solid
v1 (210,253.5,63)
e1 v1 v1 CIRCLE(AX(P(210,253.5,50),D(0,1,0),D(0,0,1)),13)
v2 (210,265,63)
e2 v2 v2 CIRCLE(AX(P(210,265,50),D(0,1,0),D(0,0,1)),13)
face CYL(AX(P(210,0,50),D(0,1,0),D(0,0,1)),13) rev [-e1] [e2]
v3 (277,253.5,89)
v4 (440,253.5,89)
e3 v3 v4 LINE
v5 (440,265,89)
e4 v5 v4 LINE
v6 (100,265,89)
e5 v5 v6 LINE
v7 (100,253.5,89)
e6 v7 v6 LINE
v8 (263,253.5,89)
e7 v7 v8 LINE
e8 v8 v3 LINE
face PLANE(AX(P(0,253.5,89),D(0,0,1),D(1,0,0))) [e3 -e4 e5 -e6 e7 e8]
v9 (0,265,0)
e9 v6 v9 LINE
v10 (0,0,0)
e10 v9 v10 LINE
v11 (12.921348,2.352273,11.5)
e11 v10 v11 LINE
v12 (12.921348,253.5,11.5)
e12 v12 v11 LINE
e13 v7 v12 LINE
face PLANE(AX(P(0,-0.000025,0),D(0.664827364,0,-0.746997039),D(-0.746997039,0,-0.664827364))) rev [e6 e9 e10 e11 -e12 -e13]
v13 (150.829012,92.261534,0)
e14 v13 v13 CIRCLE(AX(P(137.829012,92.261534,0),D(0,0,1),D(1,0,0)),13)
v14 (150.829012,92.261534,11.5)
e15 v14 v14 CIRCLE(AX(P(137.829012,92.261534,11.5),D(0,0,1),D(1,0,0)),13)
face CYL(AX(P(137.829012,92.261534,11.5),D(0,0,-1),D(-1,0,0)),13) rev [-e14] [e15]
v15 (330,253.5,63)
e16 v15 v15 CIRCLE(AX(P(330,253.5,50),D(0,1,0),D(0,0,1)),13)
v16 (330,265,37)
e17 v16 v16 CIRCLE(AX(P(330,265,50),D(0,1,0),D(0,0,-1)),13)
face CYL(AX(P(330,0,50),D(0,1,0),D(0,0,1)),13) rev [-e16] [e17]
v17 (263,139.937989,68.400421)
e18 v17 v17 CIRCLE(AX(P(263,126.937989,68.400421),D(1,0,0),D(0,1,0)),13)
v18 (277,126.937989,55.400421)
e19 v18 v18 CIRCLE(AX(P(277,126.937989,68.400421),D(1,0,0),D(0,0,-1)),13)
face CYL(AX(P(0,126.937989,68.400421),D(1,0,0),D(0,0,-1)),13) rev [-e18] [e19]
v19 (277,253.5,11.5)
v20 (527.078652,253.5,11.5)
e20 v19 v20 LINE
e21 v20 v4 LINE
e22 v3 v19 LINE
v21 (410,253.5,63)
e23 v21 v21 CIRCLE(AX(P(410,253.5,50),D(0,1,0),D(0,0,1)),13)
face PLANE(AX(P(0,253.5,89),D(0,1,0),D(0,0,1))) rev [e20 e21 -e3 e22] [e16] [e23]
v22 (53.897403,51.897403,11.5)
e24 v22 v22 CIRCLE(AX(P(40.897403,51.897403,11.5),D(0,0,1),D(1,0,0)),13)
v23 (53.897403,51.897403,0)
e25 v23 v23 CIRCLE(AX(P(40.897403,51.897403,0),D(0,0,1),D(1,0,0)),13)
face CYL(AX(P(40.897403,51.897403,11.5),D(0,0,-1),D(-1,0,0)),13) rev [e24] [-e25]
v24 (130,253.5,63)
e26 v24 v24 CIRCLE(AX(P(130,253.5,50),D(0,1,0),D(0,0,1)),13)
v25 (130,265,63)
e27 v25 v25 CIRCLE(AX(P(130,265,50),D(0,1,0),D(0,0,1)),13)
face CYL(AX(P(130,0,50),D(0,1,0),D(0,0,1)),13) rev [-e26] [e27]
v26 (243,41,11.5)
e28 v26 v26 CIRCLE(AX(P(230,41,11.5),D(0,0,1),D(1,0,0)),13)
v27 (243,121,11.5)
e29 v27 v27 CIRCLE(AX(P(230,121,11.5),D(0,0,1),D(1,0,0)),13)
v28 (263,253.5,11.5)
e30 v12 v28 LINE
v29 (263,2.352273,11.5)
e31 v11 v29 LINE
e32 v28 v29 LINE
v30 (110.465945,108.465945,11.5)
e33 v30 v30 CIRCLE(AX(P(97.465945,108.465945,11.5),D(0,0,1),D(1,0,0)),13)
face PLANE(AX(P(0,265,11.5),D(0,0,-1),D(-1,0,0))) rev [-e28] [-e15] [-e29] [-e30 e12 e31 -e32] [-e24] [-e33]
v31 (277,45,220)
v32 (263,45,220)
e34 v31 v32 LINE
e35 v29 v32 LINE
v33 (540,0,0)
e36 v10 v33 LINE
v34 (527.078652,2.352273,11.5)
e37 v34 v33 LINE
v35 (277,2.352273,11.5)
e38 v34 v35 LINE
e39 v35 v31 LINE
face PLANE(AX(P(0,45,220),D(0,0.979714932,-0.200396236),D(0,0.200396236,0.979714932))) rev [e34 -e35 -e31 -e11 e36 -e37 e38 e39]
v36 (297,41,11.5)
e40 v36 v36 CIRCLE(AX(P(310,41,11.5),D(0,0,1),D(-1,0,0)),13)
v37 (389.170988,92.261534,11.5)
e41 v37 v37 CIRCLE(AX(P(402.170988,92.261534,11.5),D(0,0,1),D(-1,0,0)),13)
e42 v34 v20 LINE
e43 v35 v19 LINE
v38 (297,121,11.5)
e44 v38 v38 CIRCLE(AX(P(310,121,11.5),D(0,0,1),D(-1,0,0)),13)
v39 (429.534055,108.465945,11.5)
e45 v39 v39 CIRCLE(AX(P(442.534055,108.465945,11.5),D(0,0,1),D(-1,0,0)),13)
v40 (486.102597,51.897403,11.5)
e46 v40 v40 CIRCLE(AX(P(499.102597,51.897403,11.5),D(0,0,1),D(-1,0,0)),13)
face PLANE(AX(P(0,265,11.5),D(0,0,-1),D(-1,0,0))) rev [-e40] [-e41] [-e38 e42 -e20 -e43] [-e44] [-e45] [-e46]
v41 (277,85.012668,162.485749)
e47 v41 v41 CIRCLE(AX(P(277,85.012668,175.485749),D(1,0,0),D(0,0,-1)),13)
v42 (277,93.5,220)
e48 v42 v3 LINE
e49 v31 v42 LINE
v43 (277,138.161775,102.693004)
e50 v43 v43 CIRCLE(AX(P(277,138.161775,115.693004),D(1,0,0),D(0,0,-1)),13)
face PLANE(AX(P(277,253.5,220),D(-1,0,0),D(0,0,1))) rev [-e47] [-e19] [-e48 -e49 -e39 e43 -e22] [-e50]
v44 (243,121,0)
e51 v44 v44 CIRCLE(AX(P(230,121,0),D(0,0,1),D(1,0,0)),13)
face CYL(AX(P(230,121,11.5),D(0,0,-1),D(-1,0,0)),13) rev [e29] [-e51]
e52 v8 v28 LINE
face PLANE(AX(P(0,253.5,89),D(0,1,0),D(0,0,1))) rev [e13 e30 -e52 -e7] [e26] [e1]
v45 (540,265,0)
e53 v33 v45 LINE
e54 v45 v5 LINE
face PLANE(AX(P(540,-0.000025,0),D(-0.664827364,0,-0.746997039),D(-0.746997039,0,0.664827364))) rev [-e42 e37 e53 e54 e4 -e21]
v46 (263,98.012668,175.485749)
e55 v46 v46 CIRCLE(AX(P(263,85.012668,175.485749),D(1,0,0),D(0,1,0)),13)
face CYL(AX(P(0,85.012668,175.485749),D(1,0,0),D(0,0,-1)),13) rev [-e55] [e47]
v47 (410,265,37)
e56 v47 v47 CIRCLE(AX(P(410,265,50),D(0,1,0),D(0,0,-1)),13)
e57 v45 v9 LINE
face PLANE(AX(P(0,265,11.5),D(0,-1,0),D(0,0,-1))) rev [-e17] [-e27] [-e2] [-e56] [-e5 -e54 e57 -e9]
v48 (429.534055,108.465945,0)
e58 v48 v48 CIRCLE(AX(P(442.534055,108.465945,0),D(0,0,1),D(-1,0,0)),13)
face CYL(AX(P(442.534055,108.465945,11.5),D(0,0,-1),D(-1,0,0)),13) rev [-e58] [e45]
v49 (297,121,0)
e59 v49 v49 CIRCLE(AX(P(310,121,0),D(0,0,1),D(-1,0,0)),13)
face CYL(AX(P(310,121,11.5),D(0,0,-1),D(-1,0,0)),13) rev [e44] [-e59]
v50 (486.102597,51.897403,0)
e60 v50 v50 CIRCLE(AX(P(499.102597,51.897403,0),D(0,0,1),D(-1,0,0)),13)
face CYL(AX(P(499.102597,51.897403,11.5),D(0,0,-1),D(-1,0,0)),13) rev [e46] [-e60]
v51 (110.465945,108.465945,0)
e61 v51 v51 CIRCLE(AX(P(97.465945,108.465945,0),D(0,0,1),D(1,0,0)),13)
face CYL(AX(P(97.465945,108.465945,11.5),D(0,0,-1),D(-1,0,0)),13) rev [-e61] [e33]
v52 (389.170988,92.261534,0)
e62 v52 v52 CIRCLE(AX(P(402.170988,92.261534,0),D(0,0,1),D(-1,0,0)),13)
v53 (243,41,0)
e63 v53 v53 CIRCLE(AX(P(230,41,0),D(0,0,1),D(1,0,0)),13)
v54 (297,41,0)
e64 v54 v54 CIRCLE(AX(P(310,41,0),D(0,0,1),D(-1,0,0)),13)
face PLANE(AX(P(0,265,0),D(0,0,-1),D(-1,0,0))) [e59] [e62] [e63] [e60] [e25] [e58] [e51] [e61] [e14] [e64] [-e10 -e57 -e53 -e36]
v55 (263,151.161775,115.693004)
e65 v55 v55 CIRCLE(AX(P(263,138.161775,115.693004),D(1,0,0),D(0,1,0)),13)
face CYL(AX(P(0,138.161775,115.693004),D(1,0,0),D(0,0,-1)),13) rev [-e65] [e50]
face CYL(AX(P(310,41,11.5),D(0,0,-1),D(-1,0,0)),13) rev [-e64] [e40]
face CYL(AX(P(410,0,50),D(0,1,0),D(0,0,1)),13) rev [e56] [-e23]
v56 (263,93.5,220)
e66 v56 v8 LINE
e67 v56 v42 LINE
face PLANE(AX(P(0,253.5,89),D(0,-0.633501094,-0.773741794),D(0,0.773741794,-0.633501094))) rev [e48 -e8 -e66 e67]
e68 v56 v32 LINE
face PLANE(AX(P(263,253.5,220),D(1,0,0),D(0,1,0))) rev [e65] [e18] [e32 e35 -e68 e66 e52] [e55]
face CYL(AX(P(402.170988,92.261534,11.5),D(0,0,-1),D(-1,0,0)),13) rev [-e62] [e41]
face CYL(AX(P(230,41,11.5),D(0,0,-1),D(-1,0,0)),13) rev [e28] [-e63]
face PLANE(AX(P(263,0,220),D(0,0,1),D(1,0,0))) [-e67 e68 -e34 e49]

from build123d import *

# Parameters (mm, degrees)
SKETCH_1_W          = 540
SKETCH_1_H          = 265
SKETCH_1_R          = 13
EXTRUDE_548_DEPTH   = 11.5
SKETCH_2_W          = 540
SKETCH_2_H          = 11.5
EXTRUDE_1_DEPTH     = 77.5
CUT_EXTRUDE_1_DEPTH = 609.067430471
SKETCH_4_R          = 13
CUT_EXTRUDE_2_DEPTH = 609.067430471
SKETCH_5_W          = 14
SKETCH_5_H          = 253.5
EXTRUDE_2_DEPTH     = 208.5
SKETCH_6_R          = 13
CUT_EXTRUDE_3_DEPTH = 442.988687638
CUT_EXTRUDE_4_DEPTH = 442.988687638


with BuildPart() as part:
    # 草图1 → Extrude 548 (new body)
    with BuildSketch(Plane.XY):
        with Locations((270, 132.5)):
            Rectangle(SKETCH_1_W, SKETCH_1_H)
        with Locations((97.46594539, 108.46594539)):
            Circle(SKETCH_1_R, mode=Mode.SUBTRACT)
        with Locations((40.897402896, 51.897402896)):
            Circle(SKETCH_1_R, mode=Mode.SUBTRACT)
        with Locations(Location((499.102597104, 51.897402896, 0), (0, 0, 180))):
            Circle(SKETCH_1_R, mode=Mode.SUBTRACT)
        with Locations(Location((402.170987639, 92.261534081, 0), (0, 0, 180))):
            Circle(SKETCH_1_R, mode=Mode.SUBTRACT)
        with Locations((230, 121)):
            Circle(SKETCH_1_R, mode=Mode.SUBTRACT)
        with Locations((230, 41)):
            Circle(SKETCH_1_R, mode=Mode.SUBTRACT)
        with Locations(Location((310, 41, 0), (0, 0, 180))):
            Circle(SKETCH_1_R, mode=Mode.SUBTRACT)
        with Locations(Location((310, 121, 0), (0, 0, 180))):
            Circle(SKETCH_1_R, mode=Mode.SUBTRACT)
        with Locations((137.829012361, 92.261534081)):
            Circle(SKETCH_1_R, mode=Mode.SUBTRACT)
        with Locations(Location((442.53405461, 108.46594539, 0), (0, 0, 180))):
            Circle(SKETCH_1_R, mode=Mode.SUBTRACT)
    extrude(amount=EXTRUDE_548_DEPTH)

    # 草图2 → 凸台-拉伸1 (add)
    with BuildSketch(Plane.XY.offset(11.5)):
        with Locations((270, 259.25)):
            Rectangle(SKETCH_2_W, SKETCH_2_H)
    extrude(amount=EXTRUDE_1_DEPTH)

    # 草图3 → 切除-拉伸1 (cut, through all)
    with BuildSketch(Plane(origin=(0, 265, 0), x_dir=(-1, 0, 0), z_dir=(0, 1, 0))):
        Polygon((0, 0), (-100, 89), (0, 89), align=None)
        Polygon((-540, 0), (-440, 89), (-540, 89), align=None)
    extrude(amount=-CUT_EXTRUDE_1_DEPTH, mode=Mode.SUBTRACT)

    # 草图4 → 切除-拉伸2 (cut, through all)
    with BuildSketch(Plane(origin=(0, 265, 0), x_dir=(-1, 0, 0), z_dir=(0, 1, 0))):
        with Locations(Location((-210, 50, 0), (0, 0, 90))):
            Circle(SKETCH_4_R)
        with Locations(Location((-130, 50, 0), (0, 0, 90))):
            Circle(SKETCH_4_R)
        with Locations(Location((-410, 50, 0), (0, 0, 90))):
            Circle(SKETCH_4_R)
        with Locations(Location((-330, 50, 0), (0, 0, 90))):
            Circle(SKETCH_4_R)
    extrude(amount=-CUT_EXTRUDE_2_DEPTH, mode=Mode.SUBTRACT)

    # 草图5 → 凸台-拉伸2 (add)
    with BuildSketch(Plane.XY.offset(11.5)):
        with Locations((270, 126.75)):
            Rectangle(SKETCH_5_W, SKETCH_5_H)
    extrude(amount=EXTRUDE_2_DEPTH)

    # 草图6 → 切除-拉伸3 (cut, through all)
    with BuildSketch(Plane(origin=(277, 0, 0), x_dir=(0, 0, -1), z_dir=(1, 0, 0))):
        with Locations((-115.693003517, 138.161774652)):
            Circle(SKETCH_6_R)
        with Locations((-175.485749012, 85.012667545)):
            Circle(SKETCH_6_R)
        with Locations((-68.400421337, 126.93798921)):
            Circle(SKETCH_6_R)
        Polygon((-89, 253.5), (-220, 93.5), (-220, 253.5), align=None)
        Polygon((-220, 45), (0, 0), (-220, 0), align=None)
    extrude(amount=-CUT_EXTRUDE_3_DEPTH, mode=Mode.SUBTRACT)

    # 草图7 → 切除-拉伸4 (cut, through all)
    with BuildSketch(Plane.ZY.offset(-277)):
        Polygon((0, 0), (11.5, 2.352272727), (11.5, 0), align=None)
    extrude(amount=-CUT_EXTRUDE_4_DEPTH, mode=Mode.SUBTRACT)


solid = part.part
